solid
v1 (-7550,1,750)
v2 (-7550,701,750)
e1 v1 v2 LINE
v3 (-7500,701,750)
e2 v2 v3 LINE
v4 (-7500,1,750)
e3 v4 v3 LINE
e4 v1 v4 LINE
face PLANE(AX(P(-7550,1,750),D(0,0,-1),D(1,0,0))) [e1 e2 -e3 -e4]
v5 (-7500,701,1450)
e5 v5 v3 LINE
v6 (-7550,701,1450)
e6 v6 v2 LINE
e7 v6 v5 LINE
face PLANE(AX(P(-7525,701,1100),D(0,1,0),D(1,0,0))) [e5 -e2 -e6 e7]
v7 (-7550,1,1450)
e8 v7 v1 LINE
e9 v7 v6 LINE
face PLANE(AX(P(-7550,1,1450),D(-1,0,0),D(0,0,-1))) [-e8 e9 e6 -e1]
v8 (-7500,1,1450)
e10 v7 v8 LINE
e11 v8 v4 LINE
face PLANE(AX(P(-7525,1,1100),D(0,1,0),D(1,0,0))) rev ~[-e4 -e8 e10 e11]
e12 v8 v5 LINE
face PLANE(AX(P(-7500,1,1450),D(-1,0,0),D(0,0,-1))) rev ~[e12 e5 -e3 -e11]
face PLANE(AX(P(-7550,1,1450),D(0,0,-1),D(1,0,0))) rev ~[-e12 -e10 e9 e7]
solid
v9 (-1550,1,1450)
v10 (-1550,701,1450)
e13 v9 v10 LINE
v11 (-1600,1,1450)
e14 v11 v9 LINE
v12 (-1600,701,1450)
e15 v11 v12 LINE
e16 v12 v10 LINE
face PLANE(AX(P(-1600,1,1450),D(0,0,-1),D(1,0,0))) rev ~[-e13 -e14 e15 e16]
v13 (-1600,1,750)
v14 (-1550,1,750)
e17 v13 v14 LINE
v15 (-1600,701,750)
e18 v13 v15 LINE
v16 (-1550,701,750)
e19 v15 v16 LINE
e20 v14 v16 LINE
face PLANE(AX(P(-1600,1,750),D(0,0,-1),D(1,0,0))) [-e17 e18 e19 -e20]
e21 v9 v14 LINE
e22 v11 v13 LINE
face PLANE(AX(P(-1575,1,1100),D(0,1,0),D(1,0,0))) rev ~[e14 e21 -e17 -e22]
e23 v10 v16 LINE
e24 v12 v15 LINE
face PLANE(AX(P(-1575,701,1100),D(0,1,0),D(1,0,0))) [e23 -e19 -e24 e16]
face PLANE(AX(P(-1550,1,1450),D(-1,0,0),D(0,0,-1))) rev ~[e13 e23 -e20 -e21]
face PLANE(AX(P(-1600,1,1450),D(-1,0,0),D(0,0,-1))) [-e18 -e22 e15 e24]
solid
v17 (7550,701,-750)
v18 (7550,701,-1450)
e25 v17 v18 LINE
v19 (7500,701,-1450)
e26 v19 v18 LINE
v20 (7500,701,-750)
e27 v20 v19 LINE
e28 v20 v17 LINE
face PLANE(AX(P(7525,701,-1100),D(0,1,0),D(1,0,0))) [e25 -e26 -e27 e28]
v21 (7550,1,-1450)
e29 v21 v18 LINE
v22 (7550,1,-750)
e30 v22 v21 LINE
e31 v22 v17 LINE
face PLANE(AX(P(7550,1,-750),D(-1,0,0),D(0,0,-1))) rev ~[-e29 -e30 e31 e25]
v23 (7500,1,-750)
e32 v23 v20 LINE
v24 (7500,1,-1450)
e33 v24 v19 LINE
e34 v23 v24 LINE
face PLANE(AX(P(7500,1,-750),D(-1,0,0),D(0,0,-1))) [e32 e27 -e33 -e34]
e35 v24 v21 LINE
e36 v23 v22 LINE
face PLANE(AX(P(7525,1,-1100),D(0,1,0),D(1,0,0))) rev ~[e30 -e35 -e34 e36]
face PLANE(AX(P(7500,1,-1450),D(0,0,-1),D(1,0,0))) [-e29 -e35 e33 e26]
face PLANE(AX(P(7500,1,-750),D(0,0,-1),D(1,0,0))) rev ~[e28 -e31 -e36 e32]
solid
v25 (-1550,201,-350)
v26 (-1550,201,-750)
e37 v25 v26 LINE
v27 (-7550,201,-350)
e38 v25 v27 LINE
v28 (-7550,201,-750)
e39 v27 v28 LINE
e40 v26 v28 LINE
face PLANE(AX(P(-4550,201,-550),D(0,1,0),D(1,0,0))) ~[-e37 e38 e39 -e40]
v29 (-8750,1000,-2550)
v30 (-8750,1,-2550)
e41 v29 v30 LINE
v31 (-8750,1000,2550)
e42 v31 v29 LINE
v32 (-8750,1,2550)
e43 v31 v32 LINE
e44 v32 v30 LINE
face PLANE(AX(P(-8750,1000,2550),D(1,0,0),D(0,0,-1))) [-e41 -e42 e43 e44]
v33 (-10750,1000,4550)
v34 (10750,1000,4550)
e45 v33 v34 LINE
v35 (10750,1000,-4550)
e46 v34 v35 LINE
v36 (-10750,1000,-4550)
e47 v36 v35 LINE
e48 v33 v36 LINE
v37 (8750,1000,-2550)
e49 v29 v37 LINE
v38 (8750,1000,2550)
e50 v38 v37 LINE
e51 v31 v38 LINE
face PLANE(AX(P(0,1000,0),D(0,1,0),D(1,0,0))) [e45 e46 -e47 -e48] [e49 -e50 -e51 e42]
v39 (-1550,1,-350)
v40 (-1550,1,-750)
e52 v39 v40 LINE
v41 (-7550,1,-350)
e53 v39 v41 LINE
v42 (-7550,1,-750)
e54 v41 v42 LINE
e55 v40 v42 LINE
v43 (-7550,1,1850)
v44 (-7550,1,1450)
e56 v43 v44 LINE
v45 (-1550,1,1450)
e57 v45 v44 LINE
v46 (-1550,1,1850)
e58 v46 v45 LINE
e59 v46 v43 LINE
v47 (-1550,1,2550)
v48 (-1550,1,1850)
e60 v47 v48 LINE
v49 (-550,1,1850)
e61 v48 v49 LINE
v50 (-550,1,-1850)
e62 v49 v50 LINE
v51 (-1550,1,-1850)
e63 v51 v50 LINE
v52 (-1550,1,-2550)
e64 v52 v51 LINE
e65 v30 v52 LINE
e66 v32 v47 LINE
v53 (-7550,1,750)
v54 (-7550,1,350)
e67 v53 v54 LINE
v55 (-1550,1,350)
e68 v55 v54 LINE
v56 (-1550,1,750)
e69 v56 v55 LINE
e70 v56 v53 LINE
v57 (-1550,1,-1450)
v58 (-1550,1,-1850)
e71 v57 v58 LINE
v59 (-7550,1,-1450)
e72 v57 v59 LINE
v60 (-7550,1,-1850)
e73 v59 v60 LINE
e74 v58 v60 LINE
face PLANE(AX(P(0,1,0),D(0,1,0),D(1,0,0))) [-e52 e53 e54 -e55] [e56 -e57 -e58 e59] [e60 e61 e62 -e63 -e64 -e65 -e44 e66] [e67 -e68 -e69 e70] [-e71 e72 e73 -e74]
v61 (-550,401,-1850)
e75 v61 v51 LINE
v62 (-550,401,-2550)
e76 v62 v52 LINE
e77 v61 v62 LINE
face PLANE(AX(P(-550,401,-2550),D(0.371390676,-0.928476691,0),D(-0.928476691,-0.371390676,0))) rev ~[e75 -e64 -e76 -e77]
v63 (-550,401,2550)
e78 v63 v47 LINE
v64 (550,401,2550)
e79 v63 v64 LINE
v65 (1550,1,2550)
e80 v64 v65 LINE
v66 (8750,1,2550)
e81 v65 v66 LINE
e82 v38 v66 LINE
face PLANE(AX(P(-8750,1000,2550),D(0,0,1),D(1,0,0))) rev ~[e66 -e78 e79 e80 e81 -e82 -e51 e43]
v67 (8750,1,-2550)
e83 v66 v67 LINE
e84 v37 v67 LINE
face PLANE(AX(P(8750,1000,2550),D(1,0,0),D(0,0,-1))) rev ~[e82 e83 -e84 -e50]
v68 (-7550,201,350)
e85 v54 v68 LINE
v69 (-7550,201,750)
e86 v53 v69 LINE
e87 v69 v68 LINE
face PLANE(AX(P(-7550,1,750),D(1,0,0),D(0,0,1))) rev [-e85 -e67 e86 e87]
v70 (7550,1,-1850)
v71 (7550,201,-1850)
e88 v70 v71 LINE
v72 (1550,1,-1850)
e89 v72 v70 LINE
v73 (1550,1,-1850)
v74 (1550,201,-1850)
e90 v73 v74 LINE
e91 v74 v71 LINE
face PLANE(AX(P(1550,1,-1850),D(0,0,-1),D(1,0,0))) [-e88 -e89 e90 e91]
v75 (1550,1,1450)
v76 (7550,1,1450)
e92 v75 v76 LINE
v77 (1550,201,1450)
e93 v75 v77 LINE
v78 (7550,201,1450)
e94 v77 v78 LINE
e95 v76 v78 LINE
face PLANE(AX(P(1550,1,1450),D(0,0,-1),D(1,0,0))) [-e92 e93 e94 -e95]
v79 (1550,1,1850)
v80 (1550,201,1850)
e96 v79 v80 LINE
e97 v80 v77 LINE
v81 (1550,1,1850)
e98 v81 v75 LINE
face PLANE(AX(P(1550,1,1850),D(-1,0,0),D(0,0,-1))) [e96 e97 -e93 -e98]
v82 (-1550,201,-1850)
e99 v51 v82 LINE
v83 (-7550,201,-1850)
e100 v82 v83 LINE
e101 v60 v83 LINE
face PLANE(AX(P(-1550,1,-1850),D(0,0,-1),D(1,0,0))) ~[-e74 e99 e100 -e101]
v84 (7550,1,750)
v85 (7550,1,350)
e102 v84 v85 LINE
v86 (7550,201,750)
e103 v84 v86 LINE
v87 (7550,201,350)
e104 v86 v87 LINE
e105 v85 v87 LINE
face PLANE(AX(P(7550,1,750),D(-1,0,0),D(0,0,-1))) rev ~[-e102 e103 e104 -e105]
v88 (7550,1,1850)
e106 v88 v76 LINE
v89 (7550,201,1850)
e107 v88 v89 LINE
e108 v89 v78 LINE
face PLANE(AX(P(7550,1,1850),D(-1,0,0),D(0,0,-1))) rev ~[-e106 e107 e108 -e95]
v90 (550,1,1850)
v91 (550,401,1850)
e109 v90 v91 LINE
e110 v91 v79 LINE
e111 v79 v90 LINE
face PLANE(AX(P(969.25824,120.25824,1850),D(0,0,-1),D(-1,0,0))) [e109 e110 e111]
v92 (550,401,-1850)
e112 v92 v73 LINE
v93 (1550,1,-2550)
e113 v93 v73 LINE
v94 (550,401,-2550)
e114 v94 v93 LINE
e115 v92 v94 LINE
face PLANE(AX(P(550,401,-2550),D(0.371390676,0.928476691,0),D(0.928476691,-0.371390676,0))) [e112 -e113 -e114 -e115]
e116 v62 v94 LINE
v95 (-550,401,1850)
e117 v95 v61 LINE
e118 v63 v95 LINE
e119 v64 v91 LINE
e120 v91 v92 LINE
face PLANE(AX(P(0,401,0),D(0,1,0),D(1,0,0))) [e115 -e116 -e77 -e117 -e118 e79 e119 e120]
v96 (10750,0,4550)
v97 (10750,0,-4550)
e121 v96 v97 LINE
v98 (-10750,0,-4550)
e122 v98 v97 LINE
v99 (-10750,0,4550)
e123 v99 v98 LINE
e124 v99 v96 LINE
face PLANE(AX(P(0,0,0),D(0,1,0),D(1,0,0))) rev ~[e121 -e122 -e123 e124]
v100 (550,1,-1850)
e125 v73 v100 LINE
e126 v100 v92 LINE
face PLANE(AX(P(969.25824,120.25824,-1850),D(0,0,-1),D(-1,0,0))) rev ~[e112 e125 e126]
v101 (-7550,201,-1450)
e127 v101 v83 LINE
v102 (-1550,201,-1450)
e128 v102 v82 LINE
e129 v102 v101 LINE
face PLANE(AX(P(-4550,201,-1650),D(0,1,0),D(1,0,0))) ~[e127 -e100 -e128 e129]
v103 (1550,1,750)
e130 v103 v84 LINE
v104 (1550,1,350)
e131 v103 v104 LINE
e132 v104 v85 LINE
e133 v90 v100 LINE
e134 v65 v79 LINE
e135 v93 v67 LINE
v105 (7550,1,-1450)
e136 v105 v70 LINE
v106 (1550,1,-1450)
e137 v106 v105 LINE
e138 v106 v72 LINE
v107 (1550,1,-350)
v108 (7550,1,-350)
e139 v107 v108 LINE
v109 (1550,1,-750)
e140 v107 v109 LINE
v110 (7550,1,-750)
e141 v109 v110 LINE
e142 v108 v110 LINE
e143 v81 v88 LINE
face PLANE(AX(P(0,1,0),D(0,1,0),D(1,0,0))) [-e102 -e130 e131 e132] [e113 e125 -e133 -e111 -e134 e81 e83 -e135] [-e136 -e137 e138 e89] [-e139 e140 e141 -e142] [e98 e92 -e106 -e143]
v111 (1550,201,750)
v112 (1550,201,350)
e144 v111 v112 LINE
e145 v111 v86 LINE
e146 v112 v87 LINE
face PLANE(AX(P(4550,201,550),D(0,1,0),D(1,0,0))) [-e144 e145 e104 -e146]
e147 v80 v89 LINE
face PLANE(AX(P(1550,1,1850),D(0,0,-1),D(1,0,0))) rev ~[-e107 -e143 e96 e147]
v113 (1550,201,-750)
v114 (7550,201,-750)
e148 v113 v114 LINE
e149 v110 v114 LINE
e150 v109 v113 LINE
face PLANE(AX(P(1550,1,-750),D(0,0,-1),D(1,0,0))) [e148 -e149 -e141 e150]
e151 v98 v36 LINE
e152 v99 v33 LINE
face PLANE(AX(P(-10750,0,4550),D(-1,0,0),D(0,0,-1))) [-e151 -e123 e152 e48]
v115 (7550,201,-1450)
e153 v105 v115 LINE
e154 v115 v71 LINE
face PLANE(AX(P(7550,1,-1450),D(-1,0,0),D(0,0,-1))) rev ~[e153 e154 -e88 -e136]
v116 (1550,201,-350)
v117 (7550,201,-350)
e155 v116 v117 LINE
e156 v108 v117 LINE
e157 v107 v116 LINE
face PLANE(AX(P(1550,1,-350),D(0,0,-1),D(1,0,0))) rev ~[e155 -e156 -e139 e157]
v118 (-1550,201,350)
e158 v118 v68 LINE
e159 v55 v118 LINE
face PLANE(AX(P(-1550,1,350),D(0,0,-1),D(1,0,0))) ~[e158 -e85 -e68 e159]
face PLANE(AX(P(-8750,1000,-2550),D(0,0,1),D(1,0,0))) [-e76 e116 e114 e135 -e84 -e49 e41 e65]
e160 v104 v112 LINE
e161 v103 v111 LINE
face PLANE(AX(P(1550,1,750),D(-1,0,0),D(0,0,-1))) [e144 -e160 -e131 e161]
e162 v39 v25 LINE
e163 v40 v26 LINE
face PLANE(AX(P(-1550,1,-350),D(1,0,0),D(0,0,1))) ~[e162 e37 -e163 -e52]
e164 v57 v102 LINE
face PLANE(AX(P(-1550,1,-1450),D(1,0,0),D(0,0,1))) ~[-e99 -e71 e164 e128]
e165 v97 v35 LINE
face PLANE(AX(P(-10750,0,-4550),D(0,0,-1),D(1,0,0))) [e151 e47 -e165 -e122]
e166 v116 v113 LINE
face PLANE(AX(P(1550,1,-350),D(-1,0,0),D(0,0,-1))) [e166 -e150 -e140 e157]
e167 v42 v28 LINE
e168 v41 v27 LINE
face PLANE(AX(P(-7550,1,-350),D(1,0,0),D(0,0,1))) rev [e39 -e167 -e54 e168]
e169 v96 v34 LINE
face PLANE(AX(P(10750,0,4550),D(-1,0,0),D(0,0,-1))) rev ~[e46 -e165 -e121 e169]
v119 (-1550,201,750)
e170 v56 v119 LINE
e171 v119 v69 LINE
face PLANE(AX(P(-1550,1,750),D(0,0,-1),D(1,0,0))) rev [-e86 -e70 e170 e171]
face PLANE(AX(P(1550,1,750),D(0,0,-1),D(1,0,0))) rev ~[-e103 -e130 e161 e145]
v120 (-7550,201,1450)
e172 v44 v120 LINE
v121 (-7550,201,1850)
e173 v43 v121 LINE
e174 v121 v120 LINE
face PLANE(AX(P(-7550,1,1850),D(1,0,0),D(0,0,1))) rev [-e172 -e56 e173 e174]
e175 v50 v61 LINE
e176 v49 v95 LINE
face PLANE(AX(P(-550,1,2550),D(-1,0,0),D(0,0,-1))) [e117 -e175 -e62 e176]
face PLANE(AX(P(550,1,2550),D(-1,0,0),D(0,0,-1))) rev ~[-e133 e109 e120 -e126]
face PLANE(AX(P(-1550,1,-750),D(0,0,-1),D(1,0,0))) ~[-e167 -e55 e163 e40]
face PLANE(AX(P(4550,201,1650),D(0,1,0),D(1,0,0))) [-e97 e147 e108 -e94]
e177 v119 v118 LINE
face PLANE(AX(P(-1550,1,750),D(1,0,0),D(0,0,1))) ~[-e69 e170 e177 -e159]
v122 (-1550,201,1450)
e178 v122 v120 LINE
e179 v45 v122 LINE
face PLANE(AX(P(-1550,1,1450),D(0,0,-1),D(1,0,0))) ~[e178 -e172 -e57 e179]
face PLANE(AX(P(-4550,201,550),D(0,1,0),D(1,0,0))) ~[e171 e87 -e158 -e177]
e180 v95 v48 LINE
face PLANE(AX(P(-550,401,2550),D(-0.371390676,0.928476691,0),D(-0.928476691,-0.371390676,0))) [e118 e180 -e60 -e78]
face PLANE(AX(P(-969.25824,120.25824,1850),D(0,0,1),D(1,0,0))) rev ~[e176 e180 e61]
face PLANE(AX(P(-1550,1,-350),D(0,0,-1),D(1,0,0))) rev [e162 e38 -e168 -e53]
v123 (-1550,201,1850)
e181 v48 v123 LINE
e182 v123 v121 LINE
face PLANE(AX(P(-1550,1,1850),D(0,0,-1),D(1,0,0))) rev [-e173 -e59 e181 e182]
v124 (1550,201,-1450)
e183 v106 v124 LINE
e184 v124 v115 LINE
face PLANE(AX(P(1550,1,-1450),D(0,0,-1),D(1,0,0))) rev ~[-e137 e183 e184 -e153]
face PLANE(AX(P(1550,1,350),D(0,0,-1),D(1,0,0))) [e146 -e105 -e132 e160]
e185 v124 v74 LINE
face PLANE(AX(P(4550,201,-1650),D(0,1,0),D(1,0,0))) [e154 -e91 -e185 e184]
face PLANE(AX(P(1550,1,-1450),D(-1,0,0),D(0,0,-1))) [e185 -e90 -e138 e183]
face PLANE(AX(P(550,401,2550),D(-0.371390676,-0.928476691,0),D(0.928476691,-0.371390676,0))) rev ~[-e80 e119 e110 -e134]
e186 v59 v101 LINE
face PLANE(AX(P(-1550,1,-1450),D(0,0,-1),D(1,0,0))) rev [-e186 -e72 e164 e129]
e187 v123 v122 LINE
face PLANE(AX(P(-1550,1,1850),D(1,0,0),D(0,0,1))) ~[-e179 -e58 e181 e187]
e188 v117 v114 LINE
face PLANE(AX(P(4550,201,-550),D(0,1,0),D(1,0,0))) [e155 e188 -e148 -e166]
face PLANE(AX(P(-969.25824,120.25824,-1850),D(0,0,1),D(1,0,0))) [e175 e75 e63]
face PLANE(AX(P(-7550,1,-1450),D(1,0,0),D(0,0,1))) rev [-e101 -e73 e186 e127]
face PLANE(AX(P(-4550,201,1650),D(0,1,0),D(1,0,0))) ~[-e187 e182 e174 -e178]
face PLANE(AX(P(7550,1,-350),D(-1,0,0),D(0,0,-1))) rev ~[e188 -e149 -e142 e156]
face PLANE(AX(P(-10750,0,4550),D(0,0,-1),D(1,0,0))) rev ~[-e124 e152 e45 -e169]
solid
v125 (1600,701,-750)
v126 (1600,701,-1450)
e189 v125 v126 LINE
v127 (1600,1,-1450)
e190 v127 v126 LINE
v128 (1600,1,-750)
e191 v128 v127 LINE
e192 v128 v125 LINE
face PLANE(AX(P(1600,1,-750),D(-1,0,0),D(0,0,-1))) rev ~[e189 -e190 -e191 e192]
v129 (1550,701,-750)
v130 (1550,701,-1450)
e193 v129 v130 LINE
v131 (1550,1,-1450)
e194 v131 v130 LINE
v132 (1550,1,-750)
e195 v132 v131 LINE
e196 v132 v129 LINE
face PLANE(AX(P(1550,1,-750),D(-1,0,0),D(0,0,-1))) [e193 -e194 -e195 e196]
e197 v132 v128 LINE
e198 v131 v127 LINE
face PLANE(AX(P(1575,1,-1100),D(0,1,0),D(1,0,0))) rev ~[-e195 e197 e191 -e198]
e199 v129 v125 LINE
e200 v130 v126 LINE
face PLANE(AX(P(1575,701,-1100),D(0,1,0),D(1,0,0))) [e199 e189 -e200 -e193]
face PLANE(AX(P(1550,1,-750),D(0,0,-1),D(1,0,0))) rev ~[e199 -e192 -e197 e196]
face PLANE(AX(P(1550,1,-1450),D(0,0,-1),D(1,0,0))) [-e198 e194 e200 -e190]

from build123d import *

# Parameters (mm, degrees)
SKETCH_1_W          = 21500
SKETCH_1_H          = 9100
EXTRUDE_1_DEPTH     = 1000
SKETCH_2_W          = 17500
SKETCH_2_H          = 5100
CUT_EXTRUDE_2_DEPTH = 999
SKETCH_3_W          = 1100
SKETCH_3_H          = 5100
EXTRUDE_3_DEPTH     = 400
EXTRUDE_4_DEPTH     = 700
EXTRUDE_5_DEPTH     = 700
SKETCH_7_W          = 6000
SKETCH_7_H          = 400
EXTRUDE_6_DEPTH     = 200
SKETCH_9_W          = 50
SKETCH_9_H          = 700
EXTRUDE_7_DEPTH     = 700
EXTRUDE_7_2_DEPTH   = 700
EXTRUDE_7_3_DEPTH   = 700
EXTRUDE_7_4_DEPTH   = 700


with BuildPart() as part:
    # 草圖1 → 伸長1 (new body)
    with BuildSketch(Plane(origin=(0, 0, 0), x_dir=(1, 0, 0), z_dir=(0, 1, 0))):
        Rectangle(SKETCH_1_W, SKETCH_1_H)
    extrude(amount=EXTRUDE_1_DEPTH)

    # 草圖2 → 伸長2 (cut)
    with BuildSketch(Plane(origin=(0, 1000, 0), x_dir=(1, 0, 0), z_dir=(0, 1, 0))):
        Rectangle(SKETCH_2_W, SKETCH_2_H)
    extrude(amount=-CUT_EXTRUDE_2_DEPTH, mode=Mode.SUBTRACT)

    # 草圖3 → 伸長3 (add)
    with BuildSketch(Plane(origin=(0, 1, 0), x_dir=(1, 0, 0), z_dir=(0, 1, 0))):
        Rectangle(SKETCH_3_W, SKETCH_3_H)
    extrude(amount=EXTRUDE_3_DEPTH)

    # 草圖5 → 伸長4 (add)
    with BuildSketch(Plane.XY.offset(-2550)):
        Polygon((550, 401), (1550, 1), (550, 1), align=None)
        Polygon((-550, 1), (-550, 401), (-1550, 1), align=None)
    extrude(amount=EXTRUDE_4_DEPTH)

    # 草圖6 → 伸長5 (add)
    with BuildSketch(Plane(origin=(0, 0, 2550), x_dir=(-1, 0, 0), z_dir=(0, 0, -1))):
        Polygon((-550, 1), (-550, 401), (-1550, 1), align=None)
        Polygon((550, 1), (550, 401), (1550, 1), align=None)
    extrude(amount=EXTRUDE_5_DEPTH)

    # 草圖7 → 伸長6 (add)
    with BuildSketch(Plane(origin=(0, 1, 0), x_dir=(1, 0, 0), z_dir=(0, 1, 0))):
        with Locations((4550, 1650)):
            Rectangle(SKETCH_7_W, SKETCH_7_H)
        with Locations((4550, -1650)):
            Rectangle(SKETCH_7_W, SKETCH_7_H)
        with Locations((4550, 550)):
            Rectangle(SKETCH_7_W, SKETCH_7_H)
        with Locations((4550, -550)):
            Rectangle(SKETCH_7_W, SKETCH_7_H)
    extrude_6 = extrude(amount=EXTRUDE_6_DEPTH)

    # 鏡射1: 伸長6 across plane
    add(extrude_6.mirror(Plane(origin=(0, 0, 0), x_dir=(0, 0, 1), z_dir=(1, 0, 0))))


with BuildPart() as body_2:
    # 草圖9 → 伸長7 (new body)
    with BuildSketch(Plane(origin=(0, 1, 0), x_dir=(1, 0, 0), z_dir=(0, 1, 0))):
        with Locations((-7525, -1100)):
            Rectangle(SKETCH_9_W, SKETCH_9_H)
    extrude(amount=EXTRUDE_7_DEPTH)


with BuildPart() as body_3:
    # 草圖9 → Extrude 7 2 (new body)
    with BuildSketch(Plane(origin=(0, 1, 0), x_dir=(1, 0, 0), z_dir=(0, 1, 0))):
        with Locations((7525, 1100)):
            Rectangle(SKETCH_9_W, SKETCH_9_H)
    extrude(amount=EXTRUDE_7_2_DEPTH)


with BuildPart() as body_4:
    # 草圖9 → Extrude 7 3 (new body)
    with BuildSketch(Plane(origin=(0, 1, 0), x_dir=(1, 0, 0), z_dir=(0, 1, 0))):
        with Locations((-1575, -1100)):
            Rectangle(SKETCH_9_W, SKETCH_9_H)
    extrude(amount=EXTRUDE_7_3_DEPTH)


with BuildPart() as body_5:
    # 草圖9 → Extrude 7 4 (new body)
    with BuildSketch(Plane(origin=(0, 1, 0), x_dir=(1, 0, 0), z_dir=(0, 1, 0))):
        with Locations((1575, 1100)):
            Rectangle(SKETCH_9_W, SKETCH_9_H)
    extrude(amount=EXTRUDE_7_4_DEPTH)


solid = Compound([part.part, body_2.part, body_3.part, body_4.part, body_5.part])
